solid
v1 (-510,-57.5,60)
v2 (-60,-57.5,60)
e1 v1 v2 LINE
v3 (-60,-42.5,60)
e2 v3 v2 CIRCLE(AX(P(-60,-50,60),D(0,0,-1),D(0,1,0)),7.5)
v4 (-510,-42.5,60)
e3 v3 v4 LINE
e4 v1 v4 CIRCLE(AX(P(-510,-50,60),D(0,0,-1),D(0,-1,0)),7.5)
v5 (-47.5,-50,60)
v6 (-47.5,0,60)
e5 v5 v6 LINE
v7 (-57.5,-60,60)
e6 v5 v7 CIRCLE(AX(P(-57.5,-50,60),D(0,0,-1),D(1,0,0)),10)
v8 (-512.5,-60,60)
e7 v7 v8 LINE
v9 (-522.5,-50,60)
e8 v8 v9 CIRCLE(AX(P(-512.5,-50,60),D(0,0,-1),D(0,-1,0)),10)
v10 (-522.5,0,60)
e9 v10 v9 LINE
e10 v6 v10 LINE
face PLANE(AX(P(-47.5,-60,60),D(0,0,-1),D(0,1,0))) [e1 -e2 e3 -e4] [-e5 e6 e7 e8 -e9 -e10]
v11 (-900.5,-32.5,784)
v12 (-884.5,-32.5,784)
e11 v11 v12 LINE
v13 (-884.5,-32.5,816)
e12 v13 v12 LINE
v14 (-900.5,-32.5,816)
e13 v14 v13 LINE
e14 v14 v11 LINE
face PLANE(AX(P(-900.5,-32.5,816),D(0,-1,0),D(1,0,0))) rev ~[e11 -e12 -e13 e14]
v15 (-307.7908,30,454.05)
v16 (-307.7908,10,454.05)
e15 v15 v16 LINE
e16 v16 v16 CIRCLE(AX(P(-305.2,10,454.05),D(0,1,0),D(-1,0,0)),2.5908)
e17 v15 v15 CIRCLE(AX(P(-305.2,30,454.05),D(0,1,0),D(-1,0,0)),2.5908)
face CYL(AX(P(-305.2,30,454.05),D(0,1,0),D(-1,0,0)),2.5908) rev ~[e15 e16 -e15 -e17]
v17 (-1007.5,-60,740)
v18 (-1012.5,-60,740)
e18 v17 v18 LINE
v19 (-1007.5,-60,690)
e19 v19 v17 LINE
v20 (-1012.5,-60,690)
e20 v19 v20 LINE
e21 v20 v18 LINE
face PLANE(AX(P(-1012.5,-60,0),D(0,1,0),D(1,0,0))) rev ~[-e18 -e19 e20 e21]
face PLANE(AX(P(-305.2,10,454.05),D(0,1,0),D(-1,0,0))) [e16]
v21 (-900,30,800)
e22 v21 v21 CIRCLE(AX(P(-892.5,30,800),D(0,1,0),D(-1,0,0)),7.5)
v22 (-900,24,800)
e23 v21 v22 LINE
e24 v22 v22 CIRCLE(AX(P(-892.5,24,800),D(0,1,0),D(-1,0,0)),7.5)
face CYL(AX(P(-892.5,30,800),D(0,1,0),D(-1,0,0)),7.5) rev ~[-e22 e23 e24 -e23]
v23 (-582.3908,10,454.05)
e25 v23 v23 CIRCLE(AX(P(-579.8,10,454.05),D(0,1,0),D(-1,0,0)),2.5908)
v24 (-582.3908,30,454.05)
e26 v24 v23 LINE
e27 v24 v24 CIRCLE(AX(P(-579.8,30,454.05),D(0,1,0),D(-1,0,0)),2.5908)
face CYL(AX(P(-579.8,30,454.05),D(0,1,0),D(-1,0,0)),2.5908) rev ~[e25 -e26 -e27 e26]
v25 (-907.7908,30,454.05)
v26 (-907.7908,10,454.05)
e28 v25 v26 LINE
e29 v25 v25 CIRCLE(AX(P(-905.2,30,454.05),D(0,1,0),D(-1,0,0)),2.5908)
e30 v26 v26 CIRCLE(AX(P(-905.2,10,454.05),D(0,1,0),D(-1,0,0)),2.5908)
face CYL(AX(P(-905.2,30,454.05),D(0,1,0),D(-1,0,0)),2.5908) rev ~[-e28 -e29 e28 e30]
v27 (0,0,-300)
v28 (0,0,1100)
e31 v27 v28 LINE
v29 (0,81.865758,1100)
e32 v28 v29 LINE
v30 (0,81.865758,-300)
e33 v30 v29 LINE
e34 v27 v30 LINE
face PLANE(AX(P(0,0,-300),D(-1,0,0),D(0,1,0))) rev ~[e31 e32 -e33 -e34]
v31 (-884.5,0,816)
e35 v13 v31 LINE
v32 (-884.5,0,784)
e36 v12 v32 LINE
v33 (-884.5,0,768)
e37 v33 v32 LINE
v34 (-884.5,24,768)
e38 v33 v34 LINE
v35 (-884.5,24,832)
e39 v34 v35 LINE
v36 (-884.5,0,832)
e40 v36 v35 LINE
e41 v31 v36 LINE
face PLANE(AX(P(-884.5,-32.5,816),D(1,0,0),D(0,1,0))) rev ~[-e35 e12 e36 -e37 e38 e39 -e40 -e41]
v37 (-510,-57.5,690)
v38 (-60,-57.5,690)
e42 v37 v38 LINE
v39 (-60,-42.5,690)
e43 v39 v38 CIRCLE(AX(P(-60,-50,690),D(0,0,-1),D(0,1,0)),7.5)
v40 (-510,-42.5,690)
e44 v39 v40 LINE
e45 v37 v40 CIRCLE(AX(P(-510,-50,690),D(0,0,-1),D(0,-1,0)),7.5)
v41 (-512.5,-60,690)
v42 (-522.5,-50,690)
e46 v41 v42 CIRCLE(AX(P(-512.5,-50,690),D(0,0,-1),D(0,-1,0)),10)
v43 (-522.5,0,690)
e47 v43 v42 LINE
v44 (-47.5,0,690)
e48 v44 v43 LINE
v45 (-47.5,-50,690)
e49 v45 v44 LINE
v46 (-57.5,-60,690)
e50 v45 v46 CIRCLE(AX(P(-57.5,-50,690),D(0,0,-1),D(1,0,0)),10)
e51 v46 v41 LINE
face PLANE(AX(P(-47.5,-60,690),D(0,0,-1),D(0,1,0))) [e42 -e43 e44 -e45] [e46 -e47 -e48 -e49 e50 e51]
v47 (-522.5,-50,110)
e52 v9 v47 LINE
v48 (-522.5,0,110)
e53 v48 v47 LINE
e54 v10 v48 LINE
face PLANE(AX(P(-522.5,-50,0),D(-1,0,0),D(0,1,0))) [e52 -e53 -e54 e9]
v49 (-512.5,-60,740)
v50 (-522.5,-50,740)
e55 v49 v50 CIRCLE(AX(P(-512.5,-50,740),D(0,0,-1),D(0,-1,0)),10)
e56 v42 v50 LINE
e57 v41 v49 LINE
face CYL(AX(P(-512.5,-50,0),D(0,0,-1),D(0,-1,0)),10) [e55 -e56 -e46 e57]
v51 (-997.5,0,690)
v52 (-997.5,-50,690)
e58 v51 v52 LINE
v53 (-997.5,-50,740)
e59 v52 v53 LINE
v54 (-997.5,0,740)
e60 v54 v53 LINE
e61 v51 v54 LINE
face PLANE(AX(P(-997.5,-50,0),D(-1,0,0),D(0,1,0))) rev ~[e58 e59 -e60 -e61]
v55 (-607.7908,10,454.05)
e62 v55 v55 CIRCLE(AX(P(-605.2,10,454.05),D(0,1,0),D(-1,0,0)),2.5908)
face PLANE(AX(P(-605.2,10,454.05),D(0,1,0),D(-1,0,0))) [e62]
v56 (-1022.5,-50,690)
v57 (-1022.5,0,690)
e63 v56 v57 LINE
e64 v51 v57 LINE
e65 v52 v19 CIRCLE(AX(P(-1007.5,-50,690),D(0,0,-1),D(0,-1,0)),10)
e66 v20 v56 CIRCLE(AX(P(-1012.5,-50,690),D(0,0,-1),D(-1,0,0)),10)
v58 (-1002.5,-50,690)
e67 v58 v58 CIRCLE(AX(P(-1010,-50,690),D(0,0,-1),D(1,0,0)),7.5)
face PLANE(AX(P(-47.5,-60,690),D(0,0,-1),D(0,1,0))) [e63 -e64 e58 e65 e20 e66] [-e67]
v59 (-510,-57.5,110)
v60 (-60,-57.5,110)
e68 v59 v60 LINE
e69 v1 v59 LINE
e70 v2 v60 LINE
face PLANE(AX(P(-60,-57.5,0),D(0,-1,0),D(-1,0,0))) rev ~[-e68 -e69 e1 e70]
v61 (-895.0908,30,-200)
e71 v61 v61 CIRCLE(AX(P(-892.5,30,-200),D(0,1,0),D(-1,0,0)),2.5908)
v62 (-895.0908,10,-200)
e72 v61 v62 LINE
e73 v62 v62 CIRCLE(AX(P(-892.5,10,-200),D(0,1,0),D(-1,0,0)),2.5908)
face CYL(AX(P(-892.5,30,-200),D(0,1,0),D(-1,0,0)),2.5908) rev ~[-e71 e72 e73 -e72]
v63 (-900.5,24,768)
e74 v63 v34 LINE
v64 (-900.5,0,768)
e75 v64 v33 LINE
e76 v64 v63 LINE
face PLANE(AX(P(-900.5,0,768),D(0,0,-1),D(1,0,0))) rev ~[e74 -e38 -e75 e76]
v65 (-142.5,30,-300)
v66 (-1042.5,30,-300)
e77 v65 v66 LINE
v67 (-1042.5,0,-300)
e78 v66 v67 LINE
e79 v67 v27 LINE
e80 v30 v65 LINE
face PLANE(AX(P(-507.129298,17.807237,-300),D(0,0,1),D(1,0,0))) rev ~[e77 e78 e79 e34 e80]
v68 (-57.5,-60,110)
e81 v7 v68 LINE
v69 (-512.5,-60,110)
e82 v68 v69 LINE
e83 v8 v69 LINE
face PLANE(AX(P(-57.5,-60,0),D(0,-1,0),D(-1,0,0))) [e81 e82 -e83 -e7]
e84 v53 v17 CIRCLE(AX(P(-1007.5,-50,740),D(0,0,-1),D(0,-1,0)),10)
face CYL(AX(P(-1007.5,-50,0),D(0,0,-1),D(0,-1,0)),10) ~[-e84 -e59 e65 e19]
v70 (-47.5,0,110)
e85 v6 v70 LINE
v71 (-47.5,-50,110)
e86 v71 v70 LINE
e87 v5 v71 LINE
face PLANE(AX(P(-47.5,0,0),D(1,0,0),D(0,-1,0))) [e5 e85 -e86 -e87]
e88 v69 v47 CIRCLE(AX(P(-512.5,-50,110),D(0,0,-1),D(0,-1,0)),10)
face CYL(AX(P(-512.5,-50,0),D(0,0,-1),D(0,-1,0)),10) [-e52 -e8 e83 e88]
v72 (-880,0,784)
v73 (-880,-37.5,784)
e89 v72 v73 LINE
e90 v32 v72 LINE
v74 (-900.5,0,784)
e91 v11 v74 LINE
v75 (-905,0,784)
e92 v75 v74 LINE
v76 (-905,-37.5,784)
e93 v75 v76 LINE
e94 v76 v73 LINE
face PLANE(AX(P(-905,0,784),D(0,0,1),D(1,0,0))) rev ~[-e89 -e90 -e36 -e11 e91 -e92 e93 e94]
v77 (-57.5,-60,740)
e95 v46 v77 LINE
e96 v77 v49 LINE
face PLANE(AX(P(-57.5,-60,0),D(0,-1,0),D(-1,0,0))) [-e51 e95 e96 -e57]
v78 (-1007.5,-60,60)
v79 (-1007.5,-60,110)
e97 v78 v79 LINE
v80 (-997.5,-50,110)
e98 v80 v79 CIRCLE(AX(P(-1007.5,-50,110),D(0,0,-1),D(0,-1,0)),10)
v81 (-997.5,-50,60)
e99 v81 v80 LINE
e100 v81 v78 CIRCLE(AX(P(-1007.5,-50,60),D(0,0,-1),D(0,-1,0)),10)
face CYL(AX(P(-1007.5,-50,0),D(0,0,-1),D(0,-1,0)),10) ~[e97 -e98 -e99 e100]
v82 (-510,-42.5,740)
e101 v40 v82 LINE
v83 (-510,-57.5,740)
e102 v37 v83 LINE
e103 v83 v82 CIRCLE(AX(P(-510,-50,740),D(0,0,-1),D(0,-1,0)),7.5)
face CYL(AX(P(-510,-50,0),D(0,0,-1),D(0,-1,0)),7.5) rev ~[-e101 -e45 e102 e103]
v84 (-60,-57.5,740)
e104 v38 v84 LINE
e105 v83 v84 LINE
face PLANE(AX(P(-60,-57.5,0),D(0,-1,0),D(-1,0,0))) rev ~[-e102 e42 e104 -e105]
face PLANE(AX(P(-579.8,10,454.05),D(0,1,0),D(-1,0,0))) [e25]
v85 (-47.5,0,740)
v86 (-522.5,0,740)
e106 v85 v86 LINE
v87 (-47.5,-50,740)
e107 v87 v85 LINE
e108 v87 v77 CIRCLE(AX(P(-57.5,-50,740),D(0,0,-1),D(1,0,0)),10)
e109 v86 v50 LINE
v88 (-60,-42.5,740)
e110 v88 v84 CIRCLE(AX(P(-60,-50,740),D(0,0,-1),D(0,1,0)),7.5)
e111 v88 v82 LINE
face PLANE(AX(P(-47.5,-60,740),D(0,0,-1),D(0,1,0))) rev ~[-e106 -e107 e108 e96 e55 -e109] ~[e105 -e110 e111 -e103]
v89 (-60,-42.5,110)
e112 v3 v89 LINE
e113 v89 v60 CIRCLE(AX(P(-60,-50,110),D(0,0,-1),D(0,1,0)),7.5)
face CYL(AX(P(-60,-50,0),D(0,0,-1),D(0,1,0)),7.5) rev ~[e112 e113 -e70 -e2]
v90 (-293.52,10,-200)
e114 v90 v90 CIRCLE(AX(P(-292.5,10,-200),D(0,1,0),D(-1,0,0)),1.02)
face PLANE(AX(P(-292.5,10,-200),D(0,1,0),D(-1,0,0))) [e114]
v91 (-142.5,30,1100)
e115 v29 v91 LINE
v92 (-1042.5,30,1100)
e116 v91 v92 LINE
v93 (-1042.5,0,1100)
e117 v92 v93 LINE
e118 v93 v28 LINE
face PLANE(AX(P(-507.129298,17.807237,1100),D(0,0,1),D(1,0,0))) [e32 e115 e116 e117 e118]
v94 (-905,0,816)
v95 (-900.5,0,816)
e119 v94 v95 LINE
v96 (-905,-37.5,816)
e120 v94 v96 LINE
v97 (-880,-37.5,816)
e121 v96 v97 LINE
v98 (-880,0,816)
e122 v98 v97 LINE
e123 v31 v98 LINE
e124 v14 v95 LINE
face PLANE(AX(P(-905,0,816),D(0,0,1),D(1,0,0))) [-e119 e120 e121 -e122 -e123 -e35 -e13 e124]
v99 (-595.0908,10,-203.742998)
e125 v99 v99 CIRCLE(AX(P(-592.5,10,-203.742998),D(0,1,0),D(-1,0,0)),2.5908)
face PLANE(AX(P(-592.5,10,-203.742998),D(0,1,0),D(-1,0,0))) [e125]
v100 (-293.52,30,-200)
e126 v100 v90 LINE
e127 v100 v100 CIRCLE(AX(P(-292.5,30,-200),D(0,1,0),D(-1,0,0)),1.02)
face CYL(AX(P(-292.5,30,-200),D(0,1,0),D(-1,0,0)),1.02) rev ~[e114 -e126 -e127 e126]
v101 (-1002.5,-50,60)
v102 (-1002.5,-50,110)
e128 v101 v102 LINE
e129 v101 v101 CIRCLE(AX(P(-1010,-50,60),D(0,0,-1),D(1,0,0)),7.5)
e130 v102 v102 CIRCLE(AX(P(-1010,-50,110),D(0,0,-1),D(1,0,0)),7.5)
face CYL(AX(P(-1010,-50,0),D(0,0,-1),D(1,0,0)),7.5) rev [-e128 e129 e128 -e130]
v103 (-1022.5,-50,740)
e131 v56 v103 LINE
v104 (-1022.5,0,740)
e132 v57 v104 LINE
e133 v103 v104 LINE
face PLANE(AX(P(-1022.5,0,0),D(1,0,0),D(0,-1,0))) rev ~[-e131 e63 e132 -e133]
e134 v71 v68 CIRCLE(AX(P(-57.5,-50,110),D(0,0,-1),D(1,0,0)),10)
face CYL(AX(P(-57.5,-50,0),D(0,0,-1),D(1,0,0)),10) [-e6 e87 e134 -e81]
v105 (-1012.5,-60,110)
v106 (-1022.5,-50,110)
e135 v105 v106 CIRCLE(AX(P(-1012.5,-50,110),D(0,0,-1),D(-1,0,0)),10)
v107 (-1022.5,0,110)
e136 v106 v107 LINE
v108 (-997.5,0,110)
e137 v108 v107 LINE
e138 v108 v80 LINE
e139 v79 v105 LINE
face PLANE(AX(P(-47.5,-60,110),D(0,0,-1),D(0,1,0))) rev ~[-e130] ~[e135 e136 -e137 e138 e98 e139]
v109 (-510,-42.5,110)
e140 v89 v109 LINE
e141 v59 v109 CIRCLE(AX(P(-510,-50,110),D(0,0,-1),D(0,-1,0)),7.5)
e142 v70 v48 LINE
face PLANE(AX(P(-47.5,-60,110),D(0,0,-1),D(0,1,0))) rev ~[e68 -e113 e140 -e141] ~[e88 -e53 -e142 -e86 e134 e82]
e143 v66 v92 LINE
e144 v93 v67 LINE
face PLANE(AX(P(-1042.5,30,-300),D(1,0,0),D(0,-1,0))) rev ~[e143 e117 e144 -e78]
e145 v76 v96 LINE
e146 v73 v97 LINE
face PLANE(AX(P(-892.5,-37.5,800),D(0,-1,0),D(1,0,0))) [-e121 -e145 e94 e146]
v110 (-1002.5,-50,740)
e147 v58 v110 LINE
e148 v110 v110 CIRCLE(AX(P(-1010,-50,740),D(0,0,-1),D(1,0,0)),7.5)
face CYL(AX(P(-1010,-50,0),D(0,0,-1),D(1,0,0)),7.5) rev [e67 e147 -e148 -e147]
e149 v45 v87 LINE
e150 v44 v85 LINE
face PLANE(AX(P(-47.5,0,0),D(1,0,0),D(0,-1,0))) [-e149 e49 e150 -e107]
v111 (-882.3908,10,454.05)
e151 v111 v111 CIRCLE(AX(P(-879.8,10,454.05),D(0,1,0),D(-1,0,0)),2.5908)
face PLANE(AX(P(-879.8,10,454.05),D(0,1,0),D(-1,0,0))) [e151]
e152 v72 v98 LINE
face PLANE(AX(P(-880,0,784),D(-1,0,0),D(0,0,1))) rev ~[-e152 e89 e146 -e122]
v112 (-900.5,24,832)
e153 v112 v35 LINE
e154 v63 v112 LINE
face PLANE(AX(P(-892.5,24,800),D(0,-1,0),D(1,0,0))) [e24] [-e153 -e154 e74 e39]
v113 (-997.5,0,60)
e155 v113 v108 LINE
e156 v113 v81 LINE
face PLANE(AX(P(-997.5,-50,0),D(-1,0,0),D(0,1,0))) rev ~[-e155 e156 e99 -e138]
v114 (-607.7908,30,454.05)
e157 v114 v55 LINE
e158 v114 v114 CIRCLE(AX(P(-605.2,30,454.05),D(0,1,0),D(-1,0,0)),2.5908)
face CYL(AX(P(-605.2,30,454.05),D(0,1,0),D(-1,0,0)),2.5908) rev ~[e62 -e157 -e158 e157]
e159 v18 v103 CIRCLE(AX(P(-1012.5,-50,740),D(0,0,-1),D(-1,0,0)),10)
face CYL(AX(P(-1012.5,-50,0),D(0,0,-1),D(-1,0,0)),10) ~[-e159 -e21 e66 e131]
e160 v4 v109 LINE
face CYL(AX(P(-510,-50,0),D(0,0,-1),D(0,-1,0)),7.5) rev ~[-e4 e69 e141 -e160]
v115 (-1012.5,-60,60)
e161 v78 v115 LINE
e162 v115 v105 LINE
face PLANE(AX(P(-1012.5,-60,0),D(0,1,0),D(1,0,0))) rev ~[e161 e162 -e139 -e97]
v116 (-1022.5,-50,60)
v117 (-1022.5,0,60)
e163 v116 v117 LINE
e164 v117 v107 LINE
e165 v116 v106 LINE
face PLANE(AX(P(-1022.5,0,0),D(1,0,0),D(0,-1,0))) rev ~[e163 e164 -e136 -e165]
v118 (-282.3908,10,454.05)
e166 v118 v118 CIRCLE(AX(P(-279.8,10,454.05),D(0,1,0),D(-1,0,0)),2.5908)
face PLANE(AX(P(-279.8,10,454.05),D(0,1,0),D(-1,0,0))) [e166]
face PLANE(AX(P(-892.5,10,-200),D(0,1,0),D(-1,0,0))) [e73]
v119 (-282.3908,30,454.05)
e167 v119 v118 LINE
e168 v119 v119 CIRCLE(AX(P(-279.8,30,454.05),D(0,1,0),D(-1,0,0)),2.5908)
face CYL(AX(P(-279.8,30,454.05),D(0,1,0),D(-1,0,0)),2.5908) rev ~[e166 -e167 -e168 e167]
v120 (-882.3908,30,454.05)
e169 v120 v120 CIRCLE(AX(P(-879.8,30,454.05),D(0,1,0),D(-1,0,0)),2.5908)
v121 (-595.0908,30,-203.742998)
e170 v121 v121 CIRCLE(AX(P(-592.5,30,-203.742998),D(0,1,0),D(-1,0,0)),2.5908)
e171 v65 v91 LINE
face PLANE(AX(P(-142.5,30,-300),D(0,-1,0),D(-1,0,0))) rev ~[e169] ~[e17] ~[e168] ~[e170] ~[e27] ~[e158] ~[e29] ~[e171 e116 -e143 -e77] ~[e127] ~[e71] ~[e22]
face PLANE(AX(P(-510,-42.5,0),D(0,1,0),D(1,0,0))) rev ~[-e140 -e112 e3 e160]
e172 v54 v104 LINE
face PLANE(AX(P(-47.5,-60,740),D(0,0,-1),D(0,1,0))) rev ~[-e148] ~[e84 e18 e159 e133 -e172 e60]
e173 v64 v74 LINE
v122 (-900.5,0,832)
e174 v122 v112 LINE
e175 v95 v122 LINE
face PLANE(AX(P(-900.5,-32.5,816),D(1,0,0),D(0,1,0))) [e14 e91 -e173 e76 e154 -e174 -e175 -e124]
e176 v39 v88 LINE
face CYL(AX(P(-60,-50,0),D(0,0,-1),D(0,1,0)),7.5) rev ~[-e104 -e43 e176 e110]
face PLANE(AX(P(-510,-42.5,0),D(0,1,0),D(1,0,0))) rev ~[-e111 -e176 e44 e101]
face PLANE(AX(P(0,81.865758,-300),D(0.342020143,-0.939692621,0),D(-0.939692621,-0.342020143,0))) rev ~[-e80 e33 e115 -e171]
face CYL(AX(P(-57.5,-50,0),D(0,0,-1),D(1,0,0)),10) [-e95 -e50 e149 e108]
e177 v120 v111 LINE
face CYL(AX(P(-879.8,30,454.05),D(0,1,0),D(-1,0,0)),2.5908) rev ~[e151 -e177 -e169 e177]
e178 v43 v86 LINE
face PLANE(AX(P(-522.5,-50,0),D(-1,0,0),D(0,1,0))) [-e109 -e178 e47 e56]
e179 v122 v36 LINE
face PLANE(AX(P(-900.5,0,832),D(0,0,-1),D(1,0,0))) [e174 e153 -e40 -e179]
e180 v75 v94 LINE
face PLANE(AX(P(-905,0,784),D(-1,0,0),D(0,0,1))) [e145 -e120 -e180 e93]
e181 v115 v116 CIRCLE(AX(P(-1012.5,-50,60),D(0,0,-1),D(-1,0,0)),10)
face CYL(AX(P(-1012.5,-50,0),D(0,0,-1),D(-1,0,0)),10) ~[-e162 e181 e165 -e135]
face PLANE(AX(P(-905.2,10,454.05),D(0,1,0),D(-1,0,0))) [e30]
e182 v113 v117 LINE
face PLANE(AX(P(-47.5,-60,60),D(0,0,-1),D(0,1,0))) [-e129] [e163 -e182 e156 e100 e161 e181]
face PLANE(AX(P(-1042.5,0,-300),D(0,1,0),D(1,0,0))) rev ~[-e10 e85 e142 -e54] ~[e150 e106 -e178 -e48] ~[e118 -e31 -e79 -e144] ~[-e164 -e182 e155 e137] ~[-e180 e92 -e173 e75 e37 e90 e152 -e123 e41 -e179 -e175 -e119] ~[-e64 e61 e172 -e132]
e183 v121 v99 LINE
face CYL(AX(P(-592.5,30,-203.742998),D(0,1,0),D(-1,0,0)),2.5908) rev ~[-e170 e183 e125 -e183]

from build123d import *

# Parameters (mm, degrees)
BOSS_EXTRUDE1_DEPTH      = 1100
BOSS_EXTRUDE1_DEPTH_BACK = 300
SKETCH3_R                = 7.5
BOSS_EXTRUDE2_DEPTH      = 800
SKETCH5_R                = 7.5
CUT_EXTRUDE2_DEPTH       = 1519.191769837
SKETCH9_W                = 580
SKETCH9_H                = 60
SKETCH9_W_2              = 60
CUT_EXTRUDE5_DEPTH       = 1486.505638628
SKETCH6_W                = 25
SKETCH6_H                = 32
BOSS_EXTRUDE3_DEPTH      = 37.5
SKETCH7_W                = 16
SKETCH7_H                = 32.5
CUT_EXTRUDE3_DEPTH       = 1530.367271912
SKETCH8_W                = 16
SKETCH8_H                = 64
CUT_EXTRUDE4_DEPTH       = 24
SKETCH10_R               = 2.5908
SKETCH10_R_2             = 1.02
CUT_EXTRUDE6_DEPTH       = 20


with BuildPart() as part:
    # Sketch2 → Boss-Extrude1 (new, two sides: drawn at the far end of the back side and taken through both)
    with BuildSketch(Plane.XY.offset(-BOSS_EXTRUDE1_DEPTH_BACK)):
        Polygon((0, 0), (0, 81.865758383), (-142.5, 30), (-1042.5, 30), (-1042.5, 0), align=None)
    extrude(amount=BOSS_EXTRUDE1_DEPTH + BOSS_EXTRUDE1_DEPTH_BACK)

    # Sketch3 → Boss-Extrude2 (add)
    # profile 1 of 2: a face of its own
    with BuildSketch(Plane.XY):
        with BuildLine():
            Line((-47.5, 0), (-47.5, -50))
            ThreePointArc((-47.5, -50), (-50.428932188, -57.071067812), (-57.5, -60))
            Line((-57.5, -60), (-512.5, -60))
            ThreePointArc((-512.5, -60), (-519.571067812, -57.071067812), (-522.5, -50))
            Line((-522.5, -50), (-522.5, 0))
            Line((-522.5, 0), (-47.5, 0))
        make_face()
        with BuildLine():
            Line((-510, -42.5), (-60, -42.5))
            ThreePointArc((-60, -42.5), (-52.5, -50), (-60, -57.5))
            Line((-60, -57.5), (-510, -57.5))
            ThreePointArc((-510, -57.5), (-517.5, -50), (-510, -42.5))
        make_face(mode=Mode.SUBTRACT)
    # profile 2 of 2: a face of its own
    with BuildSketch(Plane.XY):
        with BuildLine():
            Line((-1022.5, 0), (-1022.5, -50))
            ThreePointArc((-1022.5, -50), (-1019.571067812, -57.071067812), (-1012.5, -60))
            Line((-1012.5, -60), (-1007.5, -60))
            ThreePointArc((-1007.5, -60), (-1000.428932188, -57.071067812), (-997.5, -50))
            Line((-997.5, -50), (-997.5, 0))
            Line((-997.5, 0), (-1022.5, 0))
        make_face()
        with Locations((-1010, -50)):
            Circle(SKETCH3_R, mode=Mode.SUBTRACT)
    extrude(amount=BOSS_EXTRUDE2_DEPTH)

    # Sketch5 → Cut-Extrude2 (cut, through all)
    with BuildSketch(Plane(origin=(0, 30, 0), x_dir=(1, 0, 0), z_dir=(0, 1, 0))):
        with Locations(Location((-892.5, -800, 0), (0, 0, 180))):
            Circle(SKETCH5_R)
    extrude(amount=-CUT_EXTRUDE2_DEPTH, mode=Mode.SUBTRACT)

    # Sketch9 → Cut-Extrude5 (cut, through all)
    with BuildSketch(Plane(origin=(-47.5, 0, 0), x_dir=(0, 0, -1), z_dir=(1, 0, 0))):
        with Locations((-400, -30)):
            Rectangle(SKETCH9_W, SKETCH9_H)
        Polygon((-740, -50), (-740, -60), (-800, -60), (-800, -50), (-800, 0), (-740, 0), align=None)
        with Locations((-30, -30)):
            Rectangle(SKETCH9_W_2, SKETCH9_H)
    extrude(amount=-CUT_EXTRUDE5_DEPTH, mode=Mode.SUBTRACT)

    # Sketch6 → Boss-Extrude3 (add)
    with BuildSketch(Plane.XZ):
        with Locations((-892.5, 800)):
            Rectangle(SKETCH6_W, SKETCH6_H)
    extrude(amount=BOSS_EXTRUDE3_DEPTH)

    # Sketch7 → Cut-Extrude3 (cut, through all)
    with BuildSketch(Plane.XY.offset(816)):
        with Locations((-892.5, -16.25)):
            Rectangle(SKETCH7_W, SKETCH7_H)
    extrude(amount=-CUT_EXTRUDE3_DEPTH, mode=Mode.SUBTRACT)

    # Sketch8 → Cut-Extrude4 (cut)
    with BuildSketch(Plane.XZ):
        with Locations((-892.5, 800)):
            Rectangle(SKETCH8_W, SKETCH8_H)
    extrude(amount=-CUT_EXTRUDE4_DEPTH, mode=Mode.SUBTRACT)

    # Sketch10 → Cut-Extrude6 (cut)
    with BuildSketch(Plane(origin=(0, 30, 0), x_dir=(1, 0, 0), z_dir=(0, 1, 0))):
        with Locations(Location((-892.5, 200, 0), (0, 0, 180))):
            Circle(SKETCH10_R)
        with Locations(Location((-592.5, 203.742997566, 0), (0, 0, 180))):
            Circle(SKETCH10_R)
        with Locations(Location((-292.5, 200, 0), (0, 0, 180))):
            Circle(SKETCH10_R_2)
        with Locations(Location((-905.2, -454.05, 0), (0, 0, 180))):
            Circle(SKETCH10_R)
        with Locations(Location((-879.8, -454.05, 0), (0, 0, 180))):
            Circle(SKETCH10_R)
        with Locations(Location((-605.2, -454.05, 0), (0, 0, 180))):
            Circle(SKETCH10_R)
        with Locations(Location((-579.8, -454.05, 0), (0, 0, 180))):
            Circle(SKETCH10_R)
        with Locations(Location((-305.2, -454.05, 0), (0, 0, 180))):
            Circle(SKETCH10_R)
        with Locations(Location((-279.8, -454.05, 0), (0, 0, 180))):
            Circle(SKETCH10_R)
    extrude(amount=-CUT_EXTRUDE6_DEPTH, mode=Mode.SUBTRACT)


solid = part.part
